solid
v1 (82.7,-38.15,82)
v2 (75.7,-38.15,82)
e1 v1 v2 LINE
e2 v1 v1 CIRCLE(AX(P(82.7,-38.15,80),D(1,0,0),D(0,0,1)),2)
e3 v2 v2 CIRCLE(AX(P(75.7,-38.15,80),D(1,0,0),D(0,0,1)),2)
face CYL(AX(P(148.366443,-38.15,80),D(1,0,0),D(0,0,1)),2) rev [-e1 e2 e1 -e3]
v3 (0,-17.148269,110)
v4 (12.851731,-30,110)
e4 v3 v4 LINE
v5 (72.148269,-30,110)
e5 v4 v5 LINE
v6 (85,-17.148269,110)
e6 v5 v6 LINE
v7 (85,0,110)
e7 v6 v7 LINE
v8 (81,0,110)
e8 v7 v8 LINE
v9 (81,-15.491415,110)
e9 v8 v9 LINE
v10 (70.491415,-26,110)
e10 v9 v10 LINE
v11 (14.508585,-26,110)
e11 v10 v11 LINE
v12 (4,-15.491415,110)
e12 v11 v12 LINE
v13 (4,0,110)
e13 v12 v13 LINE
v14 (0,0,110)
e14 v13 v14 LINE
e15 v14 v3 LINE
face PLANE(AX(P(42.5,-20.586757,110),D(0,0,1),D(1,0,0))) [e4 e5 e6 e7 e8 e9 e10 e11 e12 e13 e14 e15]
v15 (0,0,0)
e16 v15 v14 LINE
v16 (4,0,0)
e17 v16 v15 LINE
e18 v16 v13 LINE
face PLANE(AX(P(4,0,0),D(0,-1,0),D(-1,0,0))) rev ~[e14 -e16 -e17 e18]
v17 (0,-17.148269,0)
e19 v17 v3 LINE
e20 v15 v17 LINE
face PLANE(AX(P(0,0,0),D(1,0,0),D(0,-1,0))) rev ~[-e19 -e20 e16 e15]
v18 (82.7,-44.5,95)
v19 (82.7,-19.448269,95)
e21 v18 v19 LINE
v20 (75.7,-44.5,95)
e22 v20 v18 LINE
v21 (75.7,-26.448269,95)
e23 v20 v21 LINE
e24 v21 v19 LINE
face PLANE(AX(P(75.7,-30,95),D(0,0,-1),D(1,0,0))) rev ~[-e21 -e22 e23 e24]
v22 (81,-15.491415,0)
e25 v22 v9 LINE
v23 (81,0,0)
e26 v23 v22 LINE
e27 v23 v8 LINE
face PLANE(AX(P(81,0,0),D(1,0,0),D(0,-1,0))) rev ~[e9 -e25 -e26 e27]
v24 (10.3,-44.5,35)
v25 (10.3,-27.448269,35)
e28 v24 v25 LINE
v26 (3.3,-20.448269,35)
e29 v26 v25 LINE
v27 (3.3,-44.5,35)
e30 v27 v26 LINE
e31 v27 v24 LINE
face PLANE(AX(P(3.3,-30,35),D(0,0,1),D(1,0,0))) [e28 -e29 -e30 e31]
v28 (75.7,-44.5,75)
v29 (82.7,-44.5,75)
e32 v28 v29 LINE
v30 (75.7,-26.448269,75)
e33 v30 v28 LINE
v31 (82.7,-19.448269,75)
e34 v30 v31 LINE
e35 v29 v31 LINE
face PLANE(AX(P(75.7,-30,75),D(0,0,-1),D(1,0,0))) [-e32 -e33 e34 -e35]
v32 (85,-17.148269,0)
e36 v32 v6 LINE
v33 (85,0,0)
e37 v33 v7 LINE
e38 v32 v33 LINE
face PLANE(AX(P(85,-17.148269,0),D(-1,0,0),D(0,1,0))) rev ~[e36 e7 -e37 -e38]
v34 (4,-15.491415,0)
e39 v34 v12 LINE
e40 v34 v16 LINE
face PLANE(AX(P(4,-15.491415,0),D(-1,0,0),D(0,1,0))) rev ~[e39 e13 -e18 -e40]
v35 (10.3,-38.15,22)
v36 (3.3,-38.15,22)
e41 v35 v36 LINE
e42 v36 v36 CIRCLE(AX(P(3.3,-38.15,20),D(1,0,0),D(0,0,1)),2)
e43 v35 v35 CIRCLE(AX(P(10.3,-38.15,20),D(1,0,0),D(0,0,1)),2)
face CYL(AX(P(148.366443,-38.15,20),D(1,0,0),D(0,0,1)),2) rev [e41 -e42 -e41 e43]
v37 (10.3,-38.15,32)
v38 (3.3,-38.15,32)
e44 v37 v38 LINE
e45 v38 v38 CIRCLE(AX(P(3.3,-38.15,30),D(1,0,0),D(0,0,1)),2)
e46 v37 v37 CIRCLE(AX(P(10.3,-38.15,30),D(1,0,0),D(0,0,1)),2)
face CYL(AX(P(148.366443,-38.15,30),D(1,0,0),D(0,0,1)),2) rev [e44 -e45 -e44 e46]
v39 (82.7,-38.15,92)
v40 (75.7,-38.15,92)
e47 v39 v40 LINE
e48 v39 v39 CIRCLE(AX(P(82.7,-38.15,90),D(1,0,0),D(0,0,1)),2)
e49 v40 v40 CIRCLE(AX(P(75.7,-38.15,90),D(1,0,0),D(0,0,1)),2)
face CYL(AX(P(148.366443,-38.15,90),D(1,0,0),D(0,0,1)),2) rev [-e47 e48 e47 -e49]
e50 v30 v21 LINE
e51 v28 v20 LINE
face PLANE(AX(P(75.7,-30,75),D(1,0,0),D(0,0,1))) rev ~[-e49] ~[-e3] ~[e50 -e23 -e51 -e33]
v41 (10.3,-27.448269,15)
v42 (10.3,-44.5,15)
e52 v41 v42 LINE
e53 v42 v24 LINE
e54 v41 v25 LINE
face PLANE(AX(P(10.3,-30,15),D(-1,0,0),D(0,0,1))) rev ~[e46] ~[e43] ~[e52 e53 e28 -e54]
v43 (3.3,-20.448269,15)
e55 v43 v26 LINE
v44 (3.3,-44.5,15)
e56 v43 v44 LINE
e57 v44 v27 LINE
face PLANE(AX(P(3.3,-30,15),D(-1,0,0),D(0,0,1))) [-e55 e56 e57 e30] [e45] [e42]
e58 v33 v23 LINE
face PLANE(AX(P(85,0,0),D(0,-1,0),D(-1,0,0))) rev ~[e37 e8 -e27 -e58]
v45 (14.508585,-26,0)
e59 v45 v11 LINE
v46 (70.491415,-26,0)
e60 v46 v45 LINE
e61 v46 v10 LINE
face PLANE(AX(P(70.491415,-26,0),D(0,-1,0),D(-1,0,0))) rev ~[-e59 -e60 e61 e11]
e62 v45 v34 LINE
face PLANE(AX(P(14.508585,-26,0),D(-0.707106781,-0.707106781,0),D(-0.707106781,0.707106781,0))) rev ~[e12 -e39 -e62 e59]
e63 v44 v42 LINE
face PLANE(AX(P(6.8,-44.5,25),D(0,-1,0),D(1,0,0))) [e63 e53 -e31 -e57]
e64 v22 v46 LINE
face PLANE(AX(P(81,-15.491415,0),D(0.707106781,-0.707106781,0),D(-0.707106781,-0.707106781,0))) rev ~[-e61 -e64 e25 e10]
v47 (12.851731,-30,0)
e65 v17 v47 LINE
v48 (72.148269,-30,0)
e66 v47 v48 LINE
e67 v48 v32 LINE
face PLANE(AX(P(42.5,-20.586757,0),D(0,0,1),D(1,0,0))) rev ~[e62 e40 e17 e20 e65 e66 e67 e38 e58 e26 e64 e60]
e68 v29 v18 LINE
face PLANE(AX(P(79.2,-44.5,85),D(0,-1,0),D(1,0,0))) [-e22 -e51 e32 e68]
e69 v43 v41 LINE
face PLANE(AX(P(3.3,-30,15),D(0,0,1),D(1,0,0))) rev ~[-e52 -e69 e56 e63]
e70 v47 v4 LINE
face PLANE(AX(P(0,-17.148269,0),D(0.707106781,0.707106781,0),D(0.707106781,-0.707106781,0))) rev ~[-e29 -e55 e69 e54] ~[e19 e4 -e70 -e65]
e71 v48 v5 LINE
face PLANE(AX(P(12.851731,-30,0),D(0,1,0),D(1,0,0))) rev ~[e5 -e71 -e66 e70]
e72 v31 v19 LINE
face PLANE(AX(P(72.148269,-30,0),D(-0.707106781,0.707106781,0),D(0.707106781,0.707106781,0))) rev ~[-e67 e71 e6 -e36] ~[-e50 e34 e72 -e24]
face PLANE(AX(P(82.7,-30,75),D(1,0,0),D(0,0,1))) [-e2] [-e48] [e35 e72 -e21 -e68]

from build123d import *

# Parameters (mm, degrees)
BOSS_EXTRUDE1_DEPTH     = 110
BOSS_EXTRUDE2_REACH     = 144.215
SKETCH2_W               = 7
SKETCH2_H               = 20
SKETCH4_W               = 7
SKETCH4_H               = 20
BOSS_EXTRUDE3_DEPTH     = 14.5
CUT_EXTRUDE1_DEPTH      = 145.066443005
CUT_EXTRUDE1_DEPTH_BACK = 145.066443005
SKETCH5_R               = 2


with BuildPart() as part:
    # Sketch1 → Boss-Extrude1 (new body)
    with BuildSketch(Plane.XY):
        Polygon((0, 0), (0, -17.14826885), (12.85173115, -30), (72.14826885, -30), (85, -17.14826885), (85, 0), (81, 0), (81, -15.4914146), (70.4914146, -26), (14.5085854, -26), (4, -15.4914146), (4, 0), align=None)
    extrude(amount=BOSS_EXTRUDE1_DEPTH)

    # Sketch2 → Boss-Extrude2 (add, up to next)
    with BuildSketch(Plane.XZ.offset(30), mode=Mode.PRIVATE) as boss_extrude2_sk1:
        with Locations((6.8, 25)):
            Rectangle(SKETCH2_W, SKETCH2_H)
    boss_extrude2_tool1 = extrude(boss_extrude2_sk1.sketch, amount=-BOSS_EXTRUDE2_REACH, mode=Mode.PRIVATE) - part.part
    # Sketch2 → Boss-Extrude2 (add, up to next)
    with BuildSketch(Plane.XZ.offset(30), mode=Mode.PRIVATE) as boss_extrude2_sk2:
        with Locations((79.2, 85)):
            Rectangle(SKETCH2_W, SKETCH2_H)
    boss_extrude2_tool2 = extrude(boss_extrude2_sk2.sketch, amount=-BOSS_EXTRUDE2_REACH, mode=Mode.PRIVATE) - part.part
    add(boss_extrude2_tool1.solids().sort_by_distance((6.8, -30, 25))[0])
    add(boss_extrude2_tool2.solids().sort_by_distance((79.2, -30, 85))[0])

    # Sketch4 → Boss-Extrude3 (add)
    with BuildSketch(Plane.XZ.offset(30)):
        with Locations((6.8, 25)):
            Rectangle(SKETCH4_W, SKETCH4_H)
        with Locations((79.2, 85)):
            Rectangle(SKETCH4_W, SKETCH4_H)
    extrude(amount=BOSS_EXTRUDE3_DEPTH)

    # Sketch5 → Cut-Extrude1 (cut, two sides: drawn at the far end of the back side and taken through both)
    with BuildSketch(Plane.ZY.offset(-3.3).offset(-CUT_EXTRUDE1_DEPTH_BACK)):
        with Locations((20, -38.15)):
            Circle(SKETCH5_R)
        with Locations((30, -38.15)):
            Circle(SKETCH5_R)
        with Locations((80, -38.15)):
            Circle(SKETCH5_R)
        with Locations((90, -38.15)):
            Circle(SKETCH5_R)
    extrude(amount=CUT_EXTRUDE1_DEPTH + CUT_EXTRUDE1_DEPTH_BACK, mode=Mode.SUBTRACT)


solid = part.part
